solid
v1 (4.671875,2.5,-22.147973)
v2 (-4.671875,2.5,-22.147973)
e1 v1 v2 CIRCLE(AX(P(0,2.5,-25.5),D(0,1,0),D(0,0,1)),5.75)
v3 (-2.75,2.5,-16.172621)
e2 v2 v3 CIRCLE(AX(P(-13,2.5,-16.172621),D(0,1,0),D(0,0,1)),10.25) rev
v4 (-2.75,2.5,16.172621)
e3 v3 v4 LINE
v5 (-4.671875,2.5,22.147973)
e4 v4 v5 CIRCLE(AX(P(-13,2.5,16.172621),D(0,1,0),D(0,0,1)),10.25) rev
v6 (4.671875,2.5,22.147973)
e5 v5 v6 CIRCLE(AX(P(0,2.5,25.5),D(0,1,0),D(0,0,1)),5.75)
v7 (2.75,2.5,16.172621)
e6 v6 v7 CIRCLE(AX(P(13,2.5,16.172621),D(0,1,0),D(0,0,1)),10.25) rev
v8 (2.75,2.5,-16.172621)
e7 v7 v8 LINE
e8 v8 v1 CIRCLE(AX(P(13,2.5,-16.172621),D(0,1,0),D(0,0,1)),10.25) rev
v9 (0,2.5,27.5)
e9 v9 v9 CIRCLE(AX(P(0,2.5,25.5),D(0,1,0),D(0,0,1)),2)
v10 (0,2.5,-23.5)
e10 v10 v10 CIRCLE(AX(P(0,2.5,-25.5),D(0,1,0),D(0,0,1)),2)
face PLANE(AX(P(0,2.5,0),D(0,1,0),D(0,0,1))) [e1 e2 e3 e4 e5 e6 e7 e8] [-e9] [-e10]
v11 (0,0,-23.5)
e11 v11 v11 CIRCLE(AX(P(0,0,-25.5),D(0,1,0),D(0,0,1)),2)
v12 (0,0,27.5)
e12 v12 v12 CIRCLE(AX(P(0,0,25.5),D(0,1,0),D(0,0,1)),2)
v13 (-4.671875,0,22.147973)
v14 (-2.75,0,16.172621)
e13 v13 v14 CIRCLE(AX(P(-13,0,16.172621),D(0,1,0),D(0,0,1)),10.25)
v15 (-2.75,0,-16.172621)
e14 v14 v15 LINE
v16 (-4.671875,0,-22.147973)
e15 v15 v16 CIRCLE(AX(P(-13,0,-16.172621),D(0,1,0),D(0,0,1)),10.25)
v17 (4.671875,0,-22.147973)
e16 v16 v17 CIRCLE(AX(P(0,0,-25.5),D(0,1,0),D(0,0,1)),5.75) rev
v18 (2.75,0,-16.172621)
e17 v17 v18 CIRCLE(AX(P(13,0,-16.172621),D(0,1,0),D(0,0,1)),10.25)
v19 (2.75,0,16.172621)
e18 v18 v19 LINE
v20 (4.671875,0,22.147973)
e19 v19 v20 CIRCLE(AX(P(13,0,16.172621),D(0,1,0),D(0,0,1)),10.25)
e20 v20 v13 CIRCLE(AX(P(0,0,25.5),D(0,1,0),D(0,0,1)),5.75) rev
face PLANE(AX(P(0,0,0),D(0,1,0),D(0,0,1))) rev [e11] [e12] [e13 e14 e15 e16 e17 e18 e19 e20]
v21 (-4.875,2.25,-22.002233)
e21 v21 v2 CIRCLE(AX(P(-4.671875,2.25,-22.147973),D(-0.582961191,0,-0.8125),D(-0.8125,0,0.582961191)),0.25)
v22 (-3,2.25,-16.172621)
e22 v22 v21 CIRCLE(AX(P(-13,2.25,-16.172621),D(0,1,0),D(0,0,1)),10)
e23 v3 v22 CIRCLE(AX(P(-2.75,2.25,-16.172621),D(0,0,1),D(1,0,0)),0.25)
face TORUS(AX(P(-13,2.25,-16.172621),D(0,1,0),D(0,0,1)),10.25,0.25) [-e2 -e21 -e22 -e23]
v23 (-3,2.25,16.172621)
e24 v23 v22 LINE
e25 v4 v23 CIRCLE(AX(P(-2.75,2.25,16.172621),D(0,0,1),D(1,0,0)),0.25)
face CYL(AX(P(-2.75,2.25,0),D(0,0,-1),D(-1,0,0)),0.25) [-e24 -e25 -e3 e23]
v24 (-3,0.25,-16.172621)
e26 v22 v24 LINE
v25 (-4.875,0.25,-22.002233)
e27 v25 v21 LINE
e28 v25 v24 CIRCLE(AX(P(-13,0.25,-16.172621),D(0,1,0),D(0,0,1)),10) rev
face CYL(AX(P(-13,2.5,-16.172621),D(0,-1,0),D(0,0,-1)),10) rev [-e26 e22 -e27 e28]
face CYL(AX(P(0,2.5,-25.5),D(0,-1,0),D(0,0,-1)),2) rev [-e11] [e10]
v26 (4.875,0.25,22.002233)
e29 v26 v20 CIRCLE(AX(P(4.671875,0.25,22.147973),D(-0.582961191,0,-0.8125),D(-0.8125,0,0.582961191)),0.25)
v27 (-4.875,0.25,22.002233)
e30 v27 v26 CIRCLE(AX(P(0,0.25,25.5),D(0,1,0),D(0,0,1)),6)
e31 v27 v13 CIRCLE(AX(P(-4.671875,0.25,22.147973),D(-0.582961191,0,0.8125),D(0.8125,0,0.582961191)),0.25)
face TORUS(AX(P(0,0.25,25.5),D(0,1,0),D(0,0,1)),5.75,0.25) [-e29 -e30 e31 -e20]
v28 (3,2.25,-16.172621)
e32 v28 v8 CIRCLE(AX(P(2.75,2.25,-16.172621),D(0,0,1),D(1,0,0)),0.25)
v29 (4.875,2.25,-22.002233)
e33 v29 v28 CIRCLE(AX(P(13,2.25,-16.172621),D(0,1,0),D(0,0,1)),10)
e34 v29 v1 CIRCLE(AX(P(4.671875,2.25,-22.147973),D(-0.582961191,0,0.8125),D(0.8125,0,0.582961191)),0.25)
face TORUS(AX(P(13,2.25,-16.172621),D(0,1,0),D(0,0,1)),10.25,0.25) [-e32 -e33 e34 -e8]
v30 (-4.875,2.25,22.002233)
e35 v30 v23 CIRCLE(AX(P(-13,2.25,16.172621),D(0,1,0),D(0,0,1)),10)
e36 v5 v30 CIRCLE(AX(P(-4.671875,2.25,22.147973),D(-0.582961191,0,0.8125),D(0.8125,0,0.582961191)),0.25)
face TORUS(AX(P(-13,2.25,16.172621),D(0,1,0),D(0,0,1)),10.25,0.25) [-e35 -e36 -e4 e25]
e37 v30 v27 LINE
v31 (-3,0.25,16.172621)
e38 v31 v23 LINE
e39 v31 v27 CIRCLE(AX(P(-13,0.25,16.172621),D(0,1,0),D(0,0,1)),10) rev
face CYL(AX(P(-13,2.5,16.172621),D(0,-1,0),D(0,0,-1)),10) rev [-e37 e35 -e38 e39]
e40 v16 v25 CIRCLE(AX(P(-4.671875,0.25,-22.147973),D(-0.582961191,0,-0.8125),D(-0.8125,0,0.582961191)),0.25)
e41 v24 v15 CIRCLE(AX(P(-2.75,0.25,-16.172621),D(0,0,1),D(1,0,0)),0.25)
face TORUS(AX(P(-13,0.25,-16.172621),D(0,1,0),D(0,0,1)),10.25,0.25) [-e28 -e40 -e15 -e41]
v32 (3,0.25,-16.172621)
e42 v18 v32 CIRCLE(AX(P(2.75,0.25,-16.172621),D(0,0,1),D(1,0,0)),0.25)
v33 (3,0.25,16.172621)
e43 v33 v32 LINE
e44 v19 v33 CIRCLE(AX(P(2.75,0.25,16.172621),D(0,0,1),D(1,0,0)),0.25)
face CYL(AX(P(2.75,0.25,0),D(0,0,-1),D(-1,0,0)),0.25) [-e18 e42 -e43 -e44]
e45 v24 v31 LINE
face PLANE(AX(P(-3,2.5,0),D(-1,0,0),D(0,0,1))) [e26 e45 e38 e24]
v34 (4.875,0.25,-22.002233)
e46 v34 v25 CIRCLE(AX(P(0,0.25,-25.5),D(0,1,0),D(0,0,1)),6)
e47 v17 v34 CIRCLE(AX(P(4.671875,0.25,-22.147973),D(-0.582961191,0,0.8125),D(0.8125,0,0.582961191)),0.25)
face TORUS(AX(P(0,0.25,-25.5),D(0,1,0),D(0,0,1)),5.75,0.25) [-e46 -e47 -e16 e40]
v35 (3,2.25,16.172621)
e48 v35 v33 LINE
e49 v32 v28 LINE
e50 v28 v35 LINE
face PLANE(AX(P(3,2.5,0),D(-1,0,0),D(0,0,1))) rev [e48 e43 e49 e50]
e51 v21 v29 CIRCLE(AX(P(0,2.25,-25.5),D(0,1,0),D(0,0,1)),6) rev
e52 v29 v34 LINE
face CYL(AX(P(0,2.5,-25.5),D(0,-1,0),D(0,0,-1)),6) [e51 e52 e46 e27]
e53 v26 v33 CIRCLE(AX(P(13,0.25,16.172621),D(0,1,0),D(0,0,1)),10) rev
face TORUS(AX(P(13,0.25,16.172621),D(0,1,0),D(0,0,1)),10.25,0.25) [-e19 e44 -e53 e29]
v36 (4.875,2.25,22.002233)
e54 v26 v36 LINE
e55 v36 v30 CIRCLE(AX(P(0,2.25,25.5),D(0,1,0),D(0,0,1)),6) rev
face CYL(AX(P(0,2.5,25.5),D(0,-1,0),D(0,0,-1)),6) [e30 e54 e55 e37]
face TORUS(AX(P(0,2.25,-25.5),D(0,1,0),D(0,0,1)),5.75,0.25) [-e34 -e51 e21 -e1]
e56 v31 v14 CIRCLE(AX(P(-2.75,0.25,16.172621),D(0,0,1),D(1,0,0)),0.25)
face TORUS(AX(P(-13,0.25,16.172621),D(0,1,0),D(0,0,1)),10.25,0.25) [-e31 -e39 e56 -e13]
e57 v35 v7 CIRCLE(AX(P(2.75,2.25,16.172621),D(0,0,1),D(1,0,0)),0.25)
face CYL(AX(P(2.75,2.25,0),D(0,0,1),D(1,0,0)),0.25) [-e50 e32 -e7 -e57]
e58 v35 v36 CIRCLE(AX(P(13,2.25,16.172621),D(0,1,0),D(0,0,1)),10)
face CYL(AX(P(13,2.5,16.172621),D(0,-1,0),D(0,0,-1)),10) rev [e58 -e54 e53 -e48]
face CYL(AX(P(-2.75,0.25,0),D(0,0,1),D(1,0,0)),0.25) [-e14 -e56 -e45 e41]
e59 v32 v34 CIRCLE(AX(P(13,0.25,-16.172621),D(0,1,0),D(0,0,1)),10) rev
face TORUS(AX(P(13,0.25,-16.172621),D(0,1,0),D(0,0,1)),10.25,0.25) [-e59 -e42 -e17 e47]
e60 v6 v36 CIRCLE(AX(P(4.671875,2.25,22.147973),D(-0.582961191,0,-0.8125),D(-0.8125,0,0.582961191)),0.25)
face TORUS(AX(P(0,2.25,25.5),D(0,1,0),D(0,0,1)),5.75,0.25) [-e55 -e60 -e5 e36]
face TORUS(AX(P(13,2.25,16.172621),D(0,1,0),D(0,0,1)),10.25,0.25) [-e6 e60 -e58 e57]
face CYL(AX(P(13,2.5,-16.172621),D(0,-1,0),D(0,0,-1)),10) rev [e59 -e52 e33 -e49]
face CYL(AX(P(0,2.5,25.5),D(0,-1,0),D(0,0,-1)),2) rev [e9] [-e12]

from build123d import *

# Parameters (mm, degrees)
SKETCH1_R           = 2
BOSS_EXTRUDE1_DEPTH = 2.5
FILLET1_R           = 10
FILLET2_R           = 0.25


with BuildPart() as part:
    # Sketch1 → Boss-Extrude1 (new body)
    with BuildSketch(Plane(origin=(0, 0, 0), x_dir=(1, 0, 0), z_dir=(0, 1, 0))):
        with BuildLine():
            ThreePointArc((-3, -20.303847577), (0, -31.5), (3, -20.303847577))
            Line((3, -20.303847577), (3, 20.303847577))
            ThreePointArc((3, 20.303847577), (0, 31.5), (-3, 20.303847577))
            Line((-3, 20.303847577), (-3, -20.303847577))
        make_face()
        with Locations((0, -25.5)):
            Circle(SKETCH1_R, mode=Mode.SUBTRACT)
        with Locations((0, 25.5)):
            Circle(SKETCH1_R, mode=Mode.SUBTRACT)
    extrude(amount=BOSS_EXTRUDE1_DEPTH)

    # Fillet1
    fillet1_edges = [part.edges().sort_by_distance(p)[0] for p in [
        (-3, 1.25, 20.303847577),
        (-3, 1.25, -20.303847577),
        (3, 1.25, -20.303847577),
        (3, 1.25, 20.303847577),
    ]]
    fillet(fillet1_edges, radius=FILLET1_R)

    # Fillet2
    fillet2_edges = [part.edges().sort_by_distance(p)[0] for p in [
        (0, 0, 31.5),
        (0, 2.5, 31.5),
        (-3, 0, 0),
        (-3, 2.5, 0),
        (0, 0, -31.5),
        (0, 2.5, -31.5),
        (3, 0, 0),
        (3, 2.5, 0),
        (-3.480283618, 0, 19.234483125),
        (-3.480283618, 2.5, 19.234483125),
        (-3.480283618, 0, -19.234483125),
        (-3.480283618, 2.5, -19.234483125),
        (3.480283618, 0, -19.234483125),
        (3.480283618, 2.5, -19.234483125),
        (3.480283618, 0, 19.234483125),
        (3.480283618, 2.5, 19.234483125),
    ]]
    fillet(fillet2_edges, radius=FILLET2_R)


solid = part.part
